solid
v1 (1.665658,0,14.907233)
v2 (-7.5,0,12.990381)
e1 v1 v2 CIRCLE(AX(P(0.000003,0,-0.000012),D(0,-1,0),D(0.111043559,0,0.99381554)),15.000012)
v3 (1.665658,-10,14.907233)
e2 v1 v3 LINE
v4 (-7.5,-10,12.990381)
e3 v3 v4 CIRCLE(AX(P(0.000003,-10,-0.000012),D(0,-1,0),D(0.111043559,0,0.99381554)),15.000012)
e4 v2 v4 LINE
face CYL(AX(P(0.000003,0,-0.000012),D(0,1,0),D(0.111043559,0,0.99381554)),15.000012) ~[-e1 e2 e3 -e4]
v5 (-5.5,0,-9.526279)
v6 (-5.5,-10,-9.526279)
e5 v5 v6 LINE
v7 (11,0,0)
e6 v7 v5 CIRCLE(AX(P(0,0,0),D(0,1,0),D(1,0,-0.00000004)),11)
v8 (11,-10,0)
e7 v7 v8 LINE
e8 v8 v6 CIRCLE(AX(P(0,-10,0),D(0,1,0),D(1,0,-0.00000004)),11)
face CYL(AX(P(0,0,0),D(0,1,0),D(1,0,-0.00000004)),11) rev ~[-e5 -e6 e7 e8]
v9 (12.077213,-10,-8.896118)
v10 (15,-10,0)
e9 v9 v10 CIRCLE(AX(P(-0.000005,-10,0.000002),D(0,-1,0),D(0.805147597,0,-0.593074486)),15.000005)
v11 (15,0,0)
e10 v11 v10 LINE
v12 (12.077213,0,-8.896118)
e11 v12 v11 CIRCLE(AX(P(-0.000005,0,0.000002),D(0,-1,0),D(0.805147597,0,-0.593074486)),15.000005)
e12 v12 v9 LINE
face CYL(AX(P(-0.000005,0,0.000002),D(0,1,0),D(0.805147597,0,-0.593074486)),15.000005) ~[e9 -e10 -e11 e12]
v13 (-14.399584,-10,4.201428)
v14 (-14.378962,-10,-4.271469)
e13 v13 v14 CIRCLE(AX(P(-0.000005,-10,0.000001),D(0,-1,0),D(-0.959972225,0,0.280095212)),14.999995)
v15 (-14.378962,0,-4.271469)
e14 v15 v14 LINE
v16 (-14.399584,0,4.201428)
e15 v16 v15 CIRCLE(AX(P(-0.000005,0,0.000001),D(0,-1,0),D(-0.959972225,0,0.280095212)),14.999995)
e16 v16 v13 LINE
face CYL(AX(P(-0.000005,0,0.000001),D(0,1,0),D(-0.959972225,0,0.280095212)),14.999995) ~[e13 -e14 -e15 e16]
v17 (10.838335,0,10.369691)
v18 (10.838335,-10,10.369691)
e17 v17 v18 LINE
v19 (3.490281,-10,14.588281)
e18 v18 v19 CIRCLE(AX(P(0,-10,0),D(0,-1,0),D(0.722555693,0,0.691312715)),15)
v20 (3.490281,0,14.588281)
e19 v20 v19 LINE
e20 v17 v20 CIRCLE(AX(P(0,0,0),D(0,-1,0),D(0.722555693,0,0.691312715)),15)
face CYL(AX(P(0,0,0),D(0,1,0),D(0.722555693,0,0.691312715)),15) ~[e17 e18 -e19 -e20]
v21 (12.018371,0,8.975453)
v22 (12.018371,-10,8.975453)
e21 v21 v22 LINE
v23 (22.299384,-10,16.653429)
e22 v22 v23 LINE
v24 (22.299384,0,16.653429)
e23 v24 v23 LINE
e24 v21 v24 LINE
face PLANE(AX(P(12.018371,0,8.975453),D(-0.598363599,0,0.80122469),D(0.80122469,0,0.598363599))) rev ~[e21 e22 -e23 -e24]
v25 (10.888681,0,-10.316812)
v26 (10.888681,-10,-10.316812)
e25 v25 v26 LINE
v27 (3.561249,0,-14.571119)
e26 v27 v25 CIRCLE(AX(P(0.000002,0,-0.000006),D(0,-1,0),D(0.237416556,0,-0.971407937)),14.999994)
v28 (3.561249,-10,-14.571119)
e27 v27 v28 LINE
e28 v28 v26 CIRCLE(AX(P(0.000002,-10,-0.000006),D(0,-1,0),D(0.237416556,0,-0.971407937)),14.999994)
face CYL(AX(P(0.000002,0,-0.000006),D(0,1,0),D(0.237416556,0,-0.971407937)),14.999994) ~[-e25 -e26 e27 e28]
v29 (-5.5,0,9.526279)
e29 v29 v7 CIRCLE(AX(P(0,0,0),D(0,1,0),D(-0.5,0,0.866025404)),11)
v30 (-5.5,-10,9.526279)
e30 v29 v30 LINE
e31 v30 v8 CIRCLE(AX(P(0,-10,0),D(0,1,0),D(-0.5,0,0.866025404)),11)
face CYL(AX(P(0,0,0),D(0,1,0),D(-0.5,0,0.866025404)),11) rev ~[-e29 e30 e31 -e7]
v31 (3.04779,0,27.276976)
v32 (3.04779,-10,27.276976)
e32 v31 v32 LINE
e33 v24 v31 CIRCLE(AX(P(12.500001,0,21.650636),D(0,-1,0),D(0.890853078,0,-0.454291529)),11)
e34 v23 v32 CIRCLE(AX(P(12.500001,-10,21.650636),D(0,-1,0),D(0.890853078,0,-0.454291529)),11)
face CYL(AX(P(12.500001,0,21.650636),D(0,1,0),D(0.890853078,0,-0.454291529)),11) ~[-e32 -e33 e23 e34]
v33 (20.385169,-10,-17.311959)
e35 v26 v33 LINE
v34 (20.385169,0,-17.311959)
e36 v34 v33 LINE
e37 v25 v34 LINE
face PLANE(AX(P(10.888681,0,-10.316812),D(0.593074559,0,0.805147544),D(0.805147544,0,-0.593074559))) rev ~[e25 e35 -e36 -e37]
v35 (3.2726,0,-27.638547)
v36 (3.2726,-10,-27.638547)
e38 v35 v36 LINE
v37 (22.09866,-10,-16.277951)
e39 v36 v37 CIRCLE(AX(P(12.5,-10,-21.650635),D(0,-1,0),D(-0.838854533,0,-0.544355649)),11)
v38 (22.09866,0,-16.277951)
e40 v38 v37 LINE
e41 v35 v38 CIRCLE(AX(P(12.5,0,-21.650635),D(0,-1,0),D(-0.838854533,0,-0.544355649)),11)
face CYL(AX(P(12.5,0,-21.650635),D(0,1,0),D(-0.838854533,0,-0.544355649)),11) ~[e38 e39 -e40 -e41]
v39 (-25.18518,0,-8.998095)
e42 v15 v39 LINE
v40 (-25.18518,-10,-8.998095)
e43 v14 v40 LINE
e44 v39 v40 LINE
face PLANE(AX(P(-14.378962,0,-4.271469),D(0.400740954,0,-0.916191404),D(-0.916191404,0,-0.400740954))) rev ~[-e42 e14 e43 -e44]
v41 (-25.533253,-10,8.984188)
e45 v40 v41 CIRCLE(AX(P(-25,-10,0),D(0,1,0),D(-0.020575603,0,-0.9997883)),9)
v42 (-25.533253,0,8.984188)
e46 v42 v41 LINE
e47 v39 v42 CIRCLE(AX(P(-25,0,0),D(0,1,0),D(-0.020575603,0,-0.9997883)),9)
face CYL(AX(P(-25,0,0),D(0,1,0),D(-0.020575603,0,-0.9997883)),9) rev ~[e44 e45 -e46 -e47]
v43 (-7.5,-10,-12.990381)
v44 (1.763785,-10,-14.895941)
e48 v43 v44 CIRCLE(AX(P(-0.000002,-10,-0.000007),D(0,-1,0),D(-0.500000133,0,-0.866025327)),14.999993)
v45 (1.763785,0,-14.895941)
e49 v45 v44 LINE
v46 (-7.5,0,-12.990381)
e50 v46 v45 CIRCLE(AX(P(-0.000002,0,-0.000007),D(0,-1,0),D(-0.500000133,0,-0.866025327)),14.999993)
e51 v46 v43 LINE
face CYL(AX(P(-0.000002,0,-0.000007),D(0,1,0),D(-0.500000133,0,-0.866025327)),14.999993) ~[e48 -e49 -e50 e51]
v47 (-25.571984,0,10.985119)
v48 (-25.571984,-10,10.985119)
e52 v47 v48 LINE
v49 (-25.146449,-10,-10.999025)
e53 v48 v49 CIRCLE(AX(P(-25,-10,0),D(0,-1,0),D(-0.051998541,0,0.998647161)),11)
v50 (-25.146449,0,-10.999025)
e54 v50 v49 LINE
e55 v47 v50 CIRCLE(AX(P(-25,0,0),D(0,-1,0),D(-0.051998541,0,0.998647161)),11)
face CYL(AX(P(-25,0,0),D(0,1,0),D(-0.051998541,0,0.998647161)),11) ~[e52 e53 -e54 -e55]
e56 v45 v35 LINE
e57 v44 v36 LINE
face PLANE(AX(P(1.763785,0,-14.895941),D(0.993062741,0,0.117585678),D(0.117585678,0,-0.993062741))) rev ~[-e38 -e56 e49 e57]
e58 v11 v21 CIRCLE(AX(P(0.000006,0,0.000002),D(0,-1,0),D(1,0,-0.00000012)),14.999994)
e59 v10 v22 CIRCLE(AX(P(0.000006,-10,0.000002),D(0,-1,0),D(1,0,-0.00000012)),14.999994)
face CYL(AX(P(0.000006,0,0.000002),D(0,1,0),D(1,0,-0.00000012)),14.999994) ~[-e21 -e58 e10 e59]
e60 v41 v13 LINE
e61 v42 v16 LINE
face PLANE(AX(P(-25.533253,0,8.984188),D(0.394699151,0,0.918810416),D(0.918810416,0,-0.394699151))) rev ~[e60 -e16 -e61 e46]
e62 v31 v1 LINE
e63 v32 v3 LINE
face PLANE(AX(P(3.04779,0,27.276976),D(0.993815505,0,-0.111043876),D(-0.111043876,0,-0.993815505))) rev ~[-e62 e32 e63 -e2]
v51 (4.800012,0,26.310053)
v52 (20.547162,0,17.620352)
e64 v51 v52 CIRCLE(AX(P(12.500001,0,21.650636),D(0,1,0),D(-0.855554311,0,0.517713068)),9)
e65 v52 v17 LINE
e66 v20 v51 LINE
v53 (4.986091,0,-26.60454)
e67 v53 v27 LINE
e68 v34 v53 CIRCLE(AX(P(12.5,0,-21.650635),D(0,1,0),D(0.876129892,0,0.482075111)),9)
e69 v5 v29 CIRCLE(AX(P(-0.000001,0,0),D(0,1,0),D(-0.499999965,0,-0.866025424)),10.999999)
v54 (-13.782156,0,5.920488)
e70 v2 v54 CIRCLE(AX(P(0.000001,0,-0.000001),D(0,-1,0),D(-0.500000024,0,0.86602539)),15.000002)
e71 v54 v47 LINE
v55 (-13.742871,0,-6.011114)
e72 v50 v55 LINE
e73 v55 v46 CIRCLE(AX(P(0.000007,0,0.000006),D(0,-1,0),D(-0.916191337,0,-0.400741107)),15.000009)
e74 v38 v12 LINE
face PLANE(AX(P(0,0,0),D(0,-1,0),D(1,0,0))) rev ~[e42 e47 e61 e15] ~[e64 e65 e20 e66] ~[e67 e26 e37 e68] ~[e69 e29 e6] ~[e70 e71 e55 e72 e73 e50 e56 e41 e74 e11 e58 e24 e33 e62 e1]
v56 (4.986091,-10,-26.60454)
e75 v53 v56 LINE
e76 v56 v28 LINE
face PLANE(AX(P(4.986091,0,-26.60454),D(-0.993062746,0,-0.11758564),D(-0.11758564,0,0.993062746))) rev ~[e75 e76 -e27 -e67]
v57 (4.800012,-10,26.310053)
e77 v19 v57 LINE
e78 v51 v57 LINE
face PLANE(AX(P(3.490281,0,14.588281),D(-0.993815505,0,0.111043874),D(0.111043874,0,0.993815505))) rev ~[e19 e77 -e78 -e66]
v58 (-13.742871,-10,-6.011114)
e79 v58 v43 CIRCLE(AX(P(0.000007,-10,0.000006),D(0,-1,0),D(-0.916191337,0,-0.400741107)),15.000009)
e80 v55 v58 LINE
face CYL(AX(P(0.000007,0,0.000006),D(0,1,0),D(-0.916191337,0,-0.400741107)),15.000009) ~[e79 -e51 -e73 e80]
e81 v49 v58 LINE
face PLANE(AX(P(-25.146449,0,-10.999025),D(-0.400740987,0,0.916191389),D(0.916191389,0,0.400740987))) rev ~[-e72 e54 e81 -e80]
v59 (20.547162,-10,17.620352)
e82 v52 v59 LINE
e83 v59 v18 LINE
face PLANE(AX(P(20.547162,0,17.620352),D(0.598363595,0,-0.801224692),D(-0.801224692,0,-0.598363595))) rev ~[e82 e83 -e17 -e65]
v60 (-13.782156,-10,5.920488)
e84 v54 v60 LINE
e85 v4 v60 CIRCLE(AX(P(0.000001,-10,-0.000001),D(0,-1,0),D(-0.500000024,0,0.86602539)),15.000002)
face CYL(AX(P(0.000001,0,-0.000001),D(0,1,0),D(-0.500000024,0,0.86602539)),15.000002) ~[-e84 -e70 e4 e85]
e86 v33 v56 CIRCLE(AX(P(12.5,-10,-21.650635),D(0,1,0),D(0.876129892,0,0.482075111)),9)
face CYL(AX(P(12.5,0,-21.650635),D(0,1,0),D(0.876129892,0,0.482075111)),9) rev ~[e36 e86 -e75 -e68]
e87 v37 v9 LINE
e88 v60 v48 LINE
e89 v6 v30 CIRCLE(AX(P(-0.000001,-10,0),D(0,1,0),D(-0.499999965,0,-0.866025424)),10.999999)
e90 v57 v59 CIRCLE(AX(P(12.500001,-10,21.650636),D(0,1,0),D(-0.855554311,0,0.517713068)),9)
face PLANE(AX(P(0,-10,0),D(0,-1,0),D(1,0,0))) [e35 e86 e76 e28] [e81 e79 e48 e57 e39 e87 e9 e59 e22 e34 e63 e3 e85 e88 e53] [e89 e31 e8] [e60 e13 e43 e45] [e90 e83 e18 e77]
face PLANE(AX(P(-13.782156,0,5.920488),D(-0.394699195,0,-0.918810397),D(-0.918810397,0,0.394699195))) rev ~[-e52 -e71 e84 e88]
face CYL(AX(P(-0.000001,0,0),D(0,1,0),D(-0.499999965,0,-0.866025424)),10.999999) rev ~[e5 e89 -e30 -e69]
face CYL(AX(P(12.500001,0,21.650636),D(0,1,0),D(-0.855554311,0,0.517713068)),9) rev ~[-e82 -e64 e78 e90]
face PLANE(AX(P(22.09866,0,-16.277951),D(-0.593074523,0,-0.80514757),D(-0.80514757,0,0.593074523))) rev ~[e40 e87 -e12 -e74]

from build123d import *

# Parameters (mm, degrees)
F1_DEPTH = 10


with BuildPart() as f1:
    # F0 (on Front) → F1 (new body)
    with BuildSketch(Plane.XZ):
        with BuildLine():
            Line((-13.782156, 5.920488), (-25.571984, 10.985119))
            ThreePointArc((-25.571984, 10.985119), (-35.99794, -0.212881), (-25.146449, -10.999025))
            Line((-25.146449, -10.999025), (-13.742871, -6.011114))
            ThreePointArc((-13.742871, -6.011114), (-11.180001, -10.000378), (-7.5, -12.990381))
            ThreePointArc((-7.5, -12.990381), (-3.022223, -14.692385), (1.763785, -14.895941))
            Line((1.763785, -14.895941), (3.2726, -27.638547))
            ThreePointArc((3.2726, -27.638547), (18.18333, -31.06869), (22.09866, -16.277951))
            Line((22.09866, -16.277951), (12.077213, -8.896118))
            ThreePointArc((12.077213, -8.896118), (14.250582, -4.681976), (15, 0))
            ThreePointArc((15, 0), (14.23509, 4.728871), (12.018371, 8.975453))
            Line((12.018371, 8.975453), (22.299384, 16.653429))
            ThreePointArc((22.299384, 16.653429), (17.81461, 31.281571), (3.04779, 27.276976))
            Line((3.04779, 27.276976), (1.665658, 14.907233))
            ThreePointArc((1.665658, 14.907233), (-3.070581, 14.682354), (-7.5, 12.990381))
            ThreePointArc((-7.5, 12.990381), (-11.212867, 9.963514), (-13.782156, 5.920488))
        make_face()
        with BuildLine():
            Line((-25.533253, 8.984188), (-14.399584, 4.201428))
            ThreePointArc((-14.399584, 4.201428), (-14.999956, -0.036507), (-14.378962, -4.271469))
            Line((-14.378962, -4.271469), (-25.18518, -8.998095))
            ThreePointArc((-25.18518, -8.998095), (-33.998314, -0.174175), (-25.533253, 8.984188))
        make_face(mode=Mode.SUBTRACT)
        with BuildLine():
            Line((10.888681, -10.316812), (20.385169, -17.311959))
            ThreePointArc((20.385169, -17.311959), (17.149998, -29.356316), (4.986091, -26.60454))
            Line((4.986091, -26.60454), (3.561249, -14.571119))
            ThreePointArc((3.561249, -14.571119), (7.531594, -12.972089), (10.888681, -10.316812))
        make_face(mode=Mode.SUBTRACT)
        with BuildLine():
            ThreePointArc((-5.5, -9.526279), (-11, 0), (-5.5, 9.526279))
            ThreePointArc((-5.5, 9.526279), (5.5, 9.526279), (11, 0))
            ThreePointArc((11, 0), (5.5, -9.526279), (-5.5, -9.526279))
        make_face(mode=Mode.SUBTRACT)
        with BuildLine():
            Line((3.490281, 14.588281), (4.800012, 26.310053))
            ThreePointArc((4.800012, 26.310053), (16.848317, 29.530492), (20.547162, 17.620352))
            Line((20.547162, 17.620352), (10.838335, 10.369691))
            ThreePointArc((10.838335, 10.369691), (7.468362, 13.008596), (3.490281, 14.588281))
        make_face(mode=Mode.SUBTRACT)
    extrude(amount=F1_DEPTH)


solid = f1.part
